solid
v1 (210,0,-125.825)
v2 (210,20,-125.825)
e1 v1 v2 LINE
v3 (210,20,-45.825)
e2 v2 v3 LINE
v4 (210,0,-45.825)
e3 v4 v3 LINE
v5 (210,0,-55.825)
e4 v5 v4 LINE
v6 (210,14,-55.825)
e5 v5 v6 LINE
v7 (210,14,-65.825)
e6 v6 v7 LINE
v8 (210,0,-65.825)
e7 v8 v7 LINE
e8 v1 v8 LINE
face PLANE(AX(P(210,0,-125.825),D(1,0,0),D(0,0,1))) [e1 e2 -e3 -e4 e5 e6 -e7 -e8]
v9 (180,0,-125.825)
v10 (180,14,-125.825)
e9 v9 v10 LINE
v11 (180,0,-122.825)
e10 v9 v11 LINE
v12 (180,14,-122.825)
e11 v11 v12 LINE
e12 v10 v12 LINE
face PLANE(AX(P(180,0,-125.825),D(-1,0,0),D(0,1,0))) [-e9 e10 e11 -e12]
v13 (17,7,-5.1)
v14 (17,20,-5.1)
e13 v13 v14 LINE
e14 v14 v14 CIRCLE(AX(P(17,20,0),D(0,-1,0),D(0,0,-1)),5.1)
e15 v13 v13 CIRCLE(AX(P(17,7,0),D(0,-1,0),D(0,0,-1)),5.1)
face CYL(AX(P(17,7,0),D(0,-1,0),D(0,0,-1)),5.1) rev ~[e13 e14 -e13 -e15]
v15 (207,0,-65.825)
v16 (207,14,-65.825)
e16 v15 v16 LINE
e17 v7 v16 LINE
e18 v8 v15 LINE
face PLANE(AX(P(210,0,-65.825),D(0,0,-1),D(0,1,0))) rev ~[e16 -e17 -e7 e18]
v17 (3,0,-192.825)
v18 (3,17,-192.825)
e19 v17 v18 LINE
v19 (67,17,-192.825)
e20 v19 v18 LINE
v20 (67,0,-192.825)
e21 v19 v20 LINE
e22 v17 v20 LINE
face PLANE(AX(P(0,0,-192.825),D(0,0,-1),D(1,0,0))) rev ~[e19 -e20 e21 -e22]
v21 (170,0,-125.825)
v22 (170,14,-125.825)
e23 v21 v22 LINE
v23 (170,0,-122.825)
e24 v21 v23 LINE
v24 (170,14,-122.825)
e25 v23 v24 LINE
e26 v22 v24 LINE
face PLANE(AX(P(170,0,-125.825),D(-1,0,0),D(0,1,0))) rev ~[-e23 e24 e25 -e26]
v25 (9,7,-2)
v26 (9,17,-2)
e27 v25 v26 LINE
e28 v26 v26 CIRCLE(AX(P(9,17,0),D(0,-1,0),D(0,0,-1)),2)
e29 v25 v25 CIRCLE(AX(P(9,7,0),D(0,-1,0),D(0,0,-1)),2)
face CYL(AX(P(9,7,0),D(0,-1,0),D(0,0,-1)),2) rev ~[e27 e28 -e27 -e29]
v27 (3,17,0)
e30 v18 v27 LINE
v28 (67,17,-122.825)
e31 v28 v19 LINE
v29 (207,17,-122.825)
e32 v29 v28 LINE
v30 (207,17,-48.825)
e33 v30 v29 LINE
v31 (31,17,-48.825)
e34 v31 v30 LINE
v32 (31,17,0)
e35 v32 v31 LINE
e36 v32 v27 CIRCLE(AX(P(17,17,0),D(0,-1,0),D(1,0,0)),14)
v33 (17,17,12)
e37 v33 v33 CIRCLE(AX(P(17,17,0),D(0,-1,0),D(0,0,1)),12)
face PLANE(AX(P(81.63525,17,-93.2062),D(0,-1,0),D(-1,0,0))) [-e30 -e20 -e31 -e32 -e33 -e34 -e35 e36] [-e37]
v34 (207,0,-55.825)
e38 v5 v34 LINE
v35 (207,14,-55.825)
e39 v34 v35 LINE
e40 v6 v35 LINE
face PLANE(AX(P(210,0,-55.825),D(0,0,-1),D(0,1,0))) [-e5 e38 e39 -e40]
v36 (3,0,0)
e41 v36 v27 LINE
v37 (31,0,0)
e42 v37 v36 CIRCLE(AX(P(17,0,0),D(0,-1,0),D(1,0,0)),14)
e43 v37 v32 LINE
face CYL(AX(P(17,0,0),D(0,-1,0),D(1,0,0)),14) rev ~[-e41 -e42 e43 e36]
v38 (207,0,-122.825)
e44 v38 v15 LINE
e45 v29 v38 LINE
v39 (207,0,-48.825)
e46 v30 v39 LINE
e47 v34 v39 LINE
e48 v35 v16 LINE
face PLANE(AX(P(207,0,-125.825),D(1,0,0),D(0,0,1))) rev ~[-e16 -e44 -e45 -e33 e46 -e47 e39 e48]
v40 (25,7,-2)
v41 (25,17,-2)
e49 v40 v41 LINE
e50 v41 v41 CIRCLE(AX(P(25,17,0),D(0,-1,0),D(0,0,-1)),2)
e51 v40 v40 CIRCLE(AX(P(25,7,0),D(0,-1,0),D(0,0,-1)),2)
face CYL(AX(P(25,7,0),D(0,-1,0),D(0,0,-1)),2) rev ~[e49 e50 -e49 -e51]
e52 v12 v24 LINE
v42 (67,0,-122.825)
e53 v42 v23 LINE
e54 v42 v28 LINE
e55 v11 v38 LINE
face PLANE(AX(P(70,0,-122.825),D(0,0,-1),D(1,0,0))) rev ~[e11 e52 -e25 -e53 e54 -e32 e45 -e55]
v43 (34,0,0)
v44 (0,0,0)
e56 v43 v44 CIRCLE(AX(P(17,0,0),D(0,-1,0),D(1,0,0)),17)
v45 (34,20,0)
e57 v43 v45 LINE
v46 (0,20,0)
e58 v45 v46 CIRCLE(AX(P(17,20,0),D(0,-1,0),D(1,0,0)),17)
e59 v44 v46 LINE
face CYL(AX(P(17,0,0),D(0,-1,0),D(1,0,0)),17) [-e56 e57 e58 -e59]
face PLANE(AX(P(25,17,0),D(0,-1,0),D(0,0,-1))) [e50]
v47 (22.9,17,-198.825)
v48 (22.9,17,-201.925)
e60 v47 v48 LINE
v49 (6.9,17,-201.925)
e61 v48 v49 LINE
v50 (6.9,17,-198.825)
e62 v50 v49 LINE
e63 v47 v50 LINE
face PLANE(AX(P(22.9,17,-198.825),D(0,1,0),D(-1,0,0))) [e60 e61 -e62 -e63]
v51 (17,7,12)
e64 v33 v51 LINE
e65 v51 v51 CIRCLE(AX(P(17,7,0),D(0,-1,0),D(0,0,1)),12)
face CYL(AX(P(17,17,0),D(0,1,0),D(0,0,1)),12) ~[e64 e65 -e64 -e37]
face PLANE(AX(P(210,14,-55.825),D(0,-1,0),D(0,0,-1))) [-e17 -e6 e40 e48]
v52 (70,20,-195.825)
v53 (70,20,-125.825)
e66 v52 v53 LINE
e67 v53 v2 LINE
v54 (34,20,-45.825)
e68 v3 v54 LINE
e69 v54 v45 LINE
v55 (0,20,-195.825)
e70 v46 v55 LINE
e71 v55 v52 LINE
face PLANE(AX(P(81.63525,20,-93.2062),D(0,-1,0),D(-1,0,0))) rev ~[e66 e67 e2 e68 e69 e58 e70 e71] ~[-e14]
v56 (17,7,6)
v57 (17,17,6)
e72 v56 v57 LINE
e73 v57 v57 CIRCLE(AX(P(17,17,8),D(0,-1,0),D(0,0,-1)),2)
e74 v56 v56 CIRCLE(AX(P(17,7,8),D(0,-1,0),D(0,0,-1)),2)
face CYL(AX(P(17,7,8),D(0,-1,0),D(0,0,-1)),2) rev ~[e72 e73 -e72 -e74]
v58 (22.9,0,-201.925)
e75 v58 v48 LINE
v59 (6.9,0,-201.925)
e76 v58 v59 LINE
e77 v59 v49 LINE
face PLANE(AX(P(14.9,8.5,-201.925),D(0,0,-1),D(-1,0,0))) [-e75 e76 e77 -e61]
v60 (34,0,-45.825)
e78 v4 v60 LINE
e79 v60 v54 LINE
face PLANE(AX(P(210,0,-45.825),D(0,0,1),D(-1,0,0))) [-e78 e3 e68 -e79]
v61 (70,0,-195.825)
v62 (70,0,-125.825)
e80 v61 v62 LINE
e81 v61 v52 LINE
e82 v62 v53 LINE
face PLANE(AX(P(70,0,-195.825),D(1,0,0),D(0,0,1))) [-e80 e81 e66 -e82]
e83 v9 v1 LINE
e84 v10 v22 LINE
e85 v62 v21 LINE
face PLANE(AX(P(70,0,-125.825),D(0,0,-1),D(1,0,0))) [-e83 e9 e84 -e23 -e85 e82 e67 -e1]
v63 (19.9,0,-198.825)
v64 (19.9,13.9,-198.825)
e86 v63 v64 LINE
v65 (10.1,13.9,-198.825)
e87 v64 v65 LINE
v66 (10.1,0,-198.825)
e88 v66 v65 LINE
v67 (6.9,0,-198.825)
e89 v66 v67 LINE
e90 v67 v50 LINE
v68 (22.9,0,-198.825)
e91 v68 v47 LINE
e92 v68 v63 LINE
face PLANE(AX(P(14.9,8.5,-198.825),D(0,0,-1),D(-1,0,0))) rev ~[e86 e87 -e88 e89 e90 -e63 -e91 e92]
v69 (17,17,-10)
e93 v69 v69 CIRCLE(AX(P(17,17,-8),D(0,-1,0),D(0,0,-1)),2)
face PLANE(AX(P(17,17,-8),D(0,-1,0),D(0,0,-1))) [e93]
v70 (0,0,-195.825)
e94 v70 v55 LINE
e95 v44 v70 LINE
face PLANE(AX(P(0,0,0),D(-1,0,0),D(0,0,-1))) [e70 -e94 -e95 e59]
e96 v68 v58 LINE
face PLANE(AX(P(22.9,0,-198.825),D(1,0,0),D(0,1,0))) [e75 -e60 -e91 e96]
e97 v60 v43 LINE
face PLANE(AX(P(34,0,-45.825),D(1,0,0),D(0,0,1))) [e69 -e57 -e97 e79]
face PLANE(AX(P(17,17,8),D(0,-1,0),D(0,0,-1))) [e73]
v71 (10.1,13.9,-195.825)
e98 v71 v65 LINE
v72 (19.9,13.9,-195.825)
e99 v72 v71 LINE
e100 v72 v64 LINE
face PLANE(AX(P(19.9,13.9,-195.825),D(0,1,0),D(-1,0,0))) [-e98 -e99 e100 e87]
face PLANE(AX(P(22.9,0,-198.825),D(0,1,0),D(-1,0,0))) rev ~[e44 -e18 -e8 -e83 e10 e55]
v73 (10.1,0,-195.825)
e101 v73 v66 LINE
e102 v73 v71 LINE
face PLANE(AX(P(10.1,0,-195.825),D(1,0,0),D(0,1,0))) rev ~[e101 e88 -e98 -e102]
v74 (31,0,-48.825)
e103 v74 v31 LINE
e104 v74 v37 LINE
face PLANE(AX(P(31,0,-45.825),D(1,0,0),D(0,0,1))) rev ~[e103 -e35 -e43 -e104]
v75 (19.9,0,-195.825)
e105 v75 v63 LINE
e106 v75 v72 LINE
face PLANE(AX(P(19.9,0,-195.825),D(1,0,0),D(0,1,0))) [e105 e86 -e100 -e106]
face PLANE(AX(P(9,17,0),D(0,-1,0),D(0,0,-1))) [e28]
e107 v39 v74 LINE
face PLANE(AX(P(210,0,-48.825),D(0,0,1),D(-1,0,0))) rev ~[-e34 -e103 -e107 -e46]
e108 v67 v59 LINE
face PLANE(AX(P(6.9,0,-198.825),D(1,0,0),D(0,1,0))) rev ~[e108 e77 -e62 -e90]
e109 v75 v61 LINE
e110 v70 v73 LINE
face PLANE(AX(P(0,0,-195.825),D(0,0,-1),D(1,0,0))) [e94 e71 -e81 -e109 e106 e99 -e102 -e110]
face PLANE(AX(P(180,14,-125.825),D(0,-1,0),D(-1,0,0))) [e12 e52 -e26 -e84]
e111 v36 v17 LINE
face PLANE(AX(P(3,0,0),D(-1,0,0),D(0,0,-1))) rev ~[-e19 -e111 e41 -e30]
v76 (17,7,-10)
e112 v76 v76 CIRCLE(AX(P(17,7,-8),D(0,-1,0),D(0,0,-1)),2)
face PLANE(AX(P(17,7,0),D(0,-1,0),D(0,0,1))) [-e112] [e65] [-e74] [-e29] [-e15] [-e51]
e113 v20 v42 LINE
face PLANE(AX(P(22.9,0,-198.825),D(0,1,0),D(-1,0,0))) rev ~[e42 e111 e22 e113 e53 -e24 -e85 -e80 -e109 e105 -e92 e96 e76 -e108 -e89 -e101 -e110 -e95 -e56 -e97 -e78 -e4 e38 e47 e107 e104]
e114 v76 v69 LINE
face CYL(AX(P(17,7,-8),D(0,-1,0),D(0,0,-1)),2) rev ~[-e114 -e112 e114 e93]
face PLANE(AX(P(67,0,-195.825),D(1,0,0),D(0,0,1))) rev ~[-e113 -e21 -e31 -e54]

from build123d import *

# Parameters (mm, degrees)
CORNERBOSS_EXTRUDE1_DEPTH               = 20
SHELL4_T                                = -3
PADSKETCH2_R                            = 12
PADBOSS_EXTRUDE2_DEPTH                  = 10
STEPPERSHAFTHOLECUTSKETCH3_R            = 5.1
STEPPERSHAFTHOLECUT_EXTRUDE1_DEPTH      = 288.430740571
THREADEDNUTMOUNTHOLESSKETCH4_R          = 2
THREADEDNUTMOUNTHOLESCUT_EXTRUDE2_DEPTH = 10
BRPEGHOLESKETCH1_W                      = 10
BRPEGHOLESKETCH1_H                      = 14
BRPEGHOLECUT_EXTRUDE1_DEPTH             = 3
TOPPEGSKETCH2_W                         = 9.8
TOPPEGSKETCH2_H                         = 13.9
TOPPEGBOSS_EXTRUDE1_DEPTH               = 3
TOPPEGCAPSKETCH3_W                      = 16
TOPPEGCAPSKETCH3_H                      = 17
TOPPEGCAPBOSS_EXTRUDE2_DEPTH            = 3.1
CENTERPEGHOLECUTSKETCH1_W               = 10
CENTERPEGHOLECUTSKETCH1_H               = 14
CENTERPEGHOLECUT_EXTRUDE1_DEPTH         = 3


with BuildPart() as part:
    # CornerrSketch1 → CornerBoss-Extrude1 (new body)
    with BuildSketch(Plane(origin=(0, 0, 0), x_dir=(1, 0, 0), z_dir=(0, 1, 0))):
        with BuildLine():
            Line((0, 195.825), (70, 195.825))
            Line((70, 195.825), (70, 125.825))
            Line((70, 125.825), (210, 125.825))
            Line((210, 125.825), (210, 45.825))
            Line((210, 45.825), (34, 45.825))
            Line((34, 45.825), (34, 0))
            ThreePointArc((34, 0), (17, -17), (0, 0))
            Line((0, 0), (0, 195.825))
        make_face()
    extrude(amount=CORNERBOSS_EXTRUDE1_DEPTH)

    # Shell4
    shell4_openings = [part.faces().sort_by_distance(p)[0] for p in [
        (83.067785517, 0, -95.408443826),
    ]]
    offset(amount=SHELL4_T, openings=shell4_openings, kind=Kind.INTERSECTION)

    # PadSketch2 → PadBoss-Extrude2 (add)
    with BuildSketch(Plane.XZ.offset(-17)):
        with Locations(Location((17, 0, 0), (0, 0, 90))):
            Circle(PADSKETCH2_R)
    extrude(amount=PADBOSS_EXTRUDE2_DEPTH)

    # StepperShaftHoleCutSketch3 → StepperShaftHoleCut-Extrude1 (cut, through all)
    with BuildSketch(Plane.XZ.offset(-7)):
        with Locations(Location((17, 0, 0), (0, 0, 270))):
            Circle(STEPPERSHAFTHOLECUTSKETCH3_R)
    extrude(amount=-STEPPERSHAFTHOLECUT_EXTRUDE1_DEPTH, mode=Mode.SUBTRACT)

    # ThreadedNutMountHolesSketch4 → ThreadedNutMountHolesCut-Extrude2 (cut)
    with BuildSketch(Plane(origin=(0, 7, 0), x_dir=(-1, 0, 0), z_dir=(0, -1, 0))):
        with Locations(Location((-17, 8, 0), (0, 0, 90))):
            Circle(THREADEDNUTMOUNTHOLESSKETCH4_R)
        with Locations(Location((-17, -8, 0), (0, 0, 90))):
            Circle(THREADEDNUTMOUNTHOLESSKETCH4_R)
        with Locations(Location((-25, 0, 0), (0, 0, 90))):
            Circle(THREADEDNUTMOUNTHOLESSKETCH4_R)
        with Locations(Location((-9, 0, 0), (0, 0, 90))):
            Circle(THREADEDNUTMOUNTHOLESSKETCH4_R)
    extrude(amount=-THREADEDNUTMOUNTHOLESCUT_EXTRUDE2_DEPTH, mode=Mode.SUBTRACT)

    # BRPegHoleSketch1 → BRPegHoleCut-Extrude1 (cut)
    with BuildSketch(Plane(origin=(210, 0, 0), x_dir=(0, 0, -1), z_dir=(1, 0, 0))):
        with Locations((60.825, 7)):
            Rectangle(BRPEGHOLESKETCH1_W, BRPEGHOLESKETCH1_H)
    extrude(amount=-BRPEGHOLECUT_EXTRUDE1_DEPTH, mode=Mode.SUBTRACT)

    # TopPegSketch2 → TopPegBoss-Extrude1 (add)
    with BuildSketch(Plane(origin=(0, 0, -195.825), x_dir=(-1, 0, 0), z_dir=(0, 0, -1))):
        with Locations((-15, 6.95)):
            Rectangle(TOPPEGSKETCH2_W, TOPPEGSKETCH2_H)
    extrude(amount=TOPPEGBOSS_EXTRUDE1_DEPTH)

    # TopPegCapSketch3 → TopPegCapBoss-Extrude2 (add)
    with BuildSketch(Plane(origin=(0, 0, -198.825), x_dir=(-1, 0, 0), z_dir=(0, 0, -1))):
        with Locations((-14.9, 8.5)):
            Rectangle(TOPPEGCAPSKETCH3_W, TOPPEGCAPSKETCH3_H)
    extrude(amount=TOPPEGCAPBOSS_EXTRUDE2_DEPTH)

    # CenterPegHoleCutSketch1 → CenterPegHoleCut-Extrude1 (cut)
    with BuildSketch(Plane(origin=(0, 0, -125.825), x_dir=(-1, 0, 0), z_dir=(0, 0, -1))):
        with Locations((-175, 7)):
            Rectangle(CENTERPEGHOLECUTSKETCH1_W, CENTERPEGHOLECUTSKETCH1_H)
    extrude(amount=-CENTERPEGHOLECUT_EXTRUDE1_DEPTH, mode=Mode.SUBTRACT)


solid = part.part
